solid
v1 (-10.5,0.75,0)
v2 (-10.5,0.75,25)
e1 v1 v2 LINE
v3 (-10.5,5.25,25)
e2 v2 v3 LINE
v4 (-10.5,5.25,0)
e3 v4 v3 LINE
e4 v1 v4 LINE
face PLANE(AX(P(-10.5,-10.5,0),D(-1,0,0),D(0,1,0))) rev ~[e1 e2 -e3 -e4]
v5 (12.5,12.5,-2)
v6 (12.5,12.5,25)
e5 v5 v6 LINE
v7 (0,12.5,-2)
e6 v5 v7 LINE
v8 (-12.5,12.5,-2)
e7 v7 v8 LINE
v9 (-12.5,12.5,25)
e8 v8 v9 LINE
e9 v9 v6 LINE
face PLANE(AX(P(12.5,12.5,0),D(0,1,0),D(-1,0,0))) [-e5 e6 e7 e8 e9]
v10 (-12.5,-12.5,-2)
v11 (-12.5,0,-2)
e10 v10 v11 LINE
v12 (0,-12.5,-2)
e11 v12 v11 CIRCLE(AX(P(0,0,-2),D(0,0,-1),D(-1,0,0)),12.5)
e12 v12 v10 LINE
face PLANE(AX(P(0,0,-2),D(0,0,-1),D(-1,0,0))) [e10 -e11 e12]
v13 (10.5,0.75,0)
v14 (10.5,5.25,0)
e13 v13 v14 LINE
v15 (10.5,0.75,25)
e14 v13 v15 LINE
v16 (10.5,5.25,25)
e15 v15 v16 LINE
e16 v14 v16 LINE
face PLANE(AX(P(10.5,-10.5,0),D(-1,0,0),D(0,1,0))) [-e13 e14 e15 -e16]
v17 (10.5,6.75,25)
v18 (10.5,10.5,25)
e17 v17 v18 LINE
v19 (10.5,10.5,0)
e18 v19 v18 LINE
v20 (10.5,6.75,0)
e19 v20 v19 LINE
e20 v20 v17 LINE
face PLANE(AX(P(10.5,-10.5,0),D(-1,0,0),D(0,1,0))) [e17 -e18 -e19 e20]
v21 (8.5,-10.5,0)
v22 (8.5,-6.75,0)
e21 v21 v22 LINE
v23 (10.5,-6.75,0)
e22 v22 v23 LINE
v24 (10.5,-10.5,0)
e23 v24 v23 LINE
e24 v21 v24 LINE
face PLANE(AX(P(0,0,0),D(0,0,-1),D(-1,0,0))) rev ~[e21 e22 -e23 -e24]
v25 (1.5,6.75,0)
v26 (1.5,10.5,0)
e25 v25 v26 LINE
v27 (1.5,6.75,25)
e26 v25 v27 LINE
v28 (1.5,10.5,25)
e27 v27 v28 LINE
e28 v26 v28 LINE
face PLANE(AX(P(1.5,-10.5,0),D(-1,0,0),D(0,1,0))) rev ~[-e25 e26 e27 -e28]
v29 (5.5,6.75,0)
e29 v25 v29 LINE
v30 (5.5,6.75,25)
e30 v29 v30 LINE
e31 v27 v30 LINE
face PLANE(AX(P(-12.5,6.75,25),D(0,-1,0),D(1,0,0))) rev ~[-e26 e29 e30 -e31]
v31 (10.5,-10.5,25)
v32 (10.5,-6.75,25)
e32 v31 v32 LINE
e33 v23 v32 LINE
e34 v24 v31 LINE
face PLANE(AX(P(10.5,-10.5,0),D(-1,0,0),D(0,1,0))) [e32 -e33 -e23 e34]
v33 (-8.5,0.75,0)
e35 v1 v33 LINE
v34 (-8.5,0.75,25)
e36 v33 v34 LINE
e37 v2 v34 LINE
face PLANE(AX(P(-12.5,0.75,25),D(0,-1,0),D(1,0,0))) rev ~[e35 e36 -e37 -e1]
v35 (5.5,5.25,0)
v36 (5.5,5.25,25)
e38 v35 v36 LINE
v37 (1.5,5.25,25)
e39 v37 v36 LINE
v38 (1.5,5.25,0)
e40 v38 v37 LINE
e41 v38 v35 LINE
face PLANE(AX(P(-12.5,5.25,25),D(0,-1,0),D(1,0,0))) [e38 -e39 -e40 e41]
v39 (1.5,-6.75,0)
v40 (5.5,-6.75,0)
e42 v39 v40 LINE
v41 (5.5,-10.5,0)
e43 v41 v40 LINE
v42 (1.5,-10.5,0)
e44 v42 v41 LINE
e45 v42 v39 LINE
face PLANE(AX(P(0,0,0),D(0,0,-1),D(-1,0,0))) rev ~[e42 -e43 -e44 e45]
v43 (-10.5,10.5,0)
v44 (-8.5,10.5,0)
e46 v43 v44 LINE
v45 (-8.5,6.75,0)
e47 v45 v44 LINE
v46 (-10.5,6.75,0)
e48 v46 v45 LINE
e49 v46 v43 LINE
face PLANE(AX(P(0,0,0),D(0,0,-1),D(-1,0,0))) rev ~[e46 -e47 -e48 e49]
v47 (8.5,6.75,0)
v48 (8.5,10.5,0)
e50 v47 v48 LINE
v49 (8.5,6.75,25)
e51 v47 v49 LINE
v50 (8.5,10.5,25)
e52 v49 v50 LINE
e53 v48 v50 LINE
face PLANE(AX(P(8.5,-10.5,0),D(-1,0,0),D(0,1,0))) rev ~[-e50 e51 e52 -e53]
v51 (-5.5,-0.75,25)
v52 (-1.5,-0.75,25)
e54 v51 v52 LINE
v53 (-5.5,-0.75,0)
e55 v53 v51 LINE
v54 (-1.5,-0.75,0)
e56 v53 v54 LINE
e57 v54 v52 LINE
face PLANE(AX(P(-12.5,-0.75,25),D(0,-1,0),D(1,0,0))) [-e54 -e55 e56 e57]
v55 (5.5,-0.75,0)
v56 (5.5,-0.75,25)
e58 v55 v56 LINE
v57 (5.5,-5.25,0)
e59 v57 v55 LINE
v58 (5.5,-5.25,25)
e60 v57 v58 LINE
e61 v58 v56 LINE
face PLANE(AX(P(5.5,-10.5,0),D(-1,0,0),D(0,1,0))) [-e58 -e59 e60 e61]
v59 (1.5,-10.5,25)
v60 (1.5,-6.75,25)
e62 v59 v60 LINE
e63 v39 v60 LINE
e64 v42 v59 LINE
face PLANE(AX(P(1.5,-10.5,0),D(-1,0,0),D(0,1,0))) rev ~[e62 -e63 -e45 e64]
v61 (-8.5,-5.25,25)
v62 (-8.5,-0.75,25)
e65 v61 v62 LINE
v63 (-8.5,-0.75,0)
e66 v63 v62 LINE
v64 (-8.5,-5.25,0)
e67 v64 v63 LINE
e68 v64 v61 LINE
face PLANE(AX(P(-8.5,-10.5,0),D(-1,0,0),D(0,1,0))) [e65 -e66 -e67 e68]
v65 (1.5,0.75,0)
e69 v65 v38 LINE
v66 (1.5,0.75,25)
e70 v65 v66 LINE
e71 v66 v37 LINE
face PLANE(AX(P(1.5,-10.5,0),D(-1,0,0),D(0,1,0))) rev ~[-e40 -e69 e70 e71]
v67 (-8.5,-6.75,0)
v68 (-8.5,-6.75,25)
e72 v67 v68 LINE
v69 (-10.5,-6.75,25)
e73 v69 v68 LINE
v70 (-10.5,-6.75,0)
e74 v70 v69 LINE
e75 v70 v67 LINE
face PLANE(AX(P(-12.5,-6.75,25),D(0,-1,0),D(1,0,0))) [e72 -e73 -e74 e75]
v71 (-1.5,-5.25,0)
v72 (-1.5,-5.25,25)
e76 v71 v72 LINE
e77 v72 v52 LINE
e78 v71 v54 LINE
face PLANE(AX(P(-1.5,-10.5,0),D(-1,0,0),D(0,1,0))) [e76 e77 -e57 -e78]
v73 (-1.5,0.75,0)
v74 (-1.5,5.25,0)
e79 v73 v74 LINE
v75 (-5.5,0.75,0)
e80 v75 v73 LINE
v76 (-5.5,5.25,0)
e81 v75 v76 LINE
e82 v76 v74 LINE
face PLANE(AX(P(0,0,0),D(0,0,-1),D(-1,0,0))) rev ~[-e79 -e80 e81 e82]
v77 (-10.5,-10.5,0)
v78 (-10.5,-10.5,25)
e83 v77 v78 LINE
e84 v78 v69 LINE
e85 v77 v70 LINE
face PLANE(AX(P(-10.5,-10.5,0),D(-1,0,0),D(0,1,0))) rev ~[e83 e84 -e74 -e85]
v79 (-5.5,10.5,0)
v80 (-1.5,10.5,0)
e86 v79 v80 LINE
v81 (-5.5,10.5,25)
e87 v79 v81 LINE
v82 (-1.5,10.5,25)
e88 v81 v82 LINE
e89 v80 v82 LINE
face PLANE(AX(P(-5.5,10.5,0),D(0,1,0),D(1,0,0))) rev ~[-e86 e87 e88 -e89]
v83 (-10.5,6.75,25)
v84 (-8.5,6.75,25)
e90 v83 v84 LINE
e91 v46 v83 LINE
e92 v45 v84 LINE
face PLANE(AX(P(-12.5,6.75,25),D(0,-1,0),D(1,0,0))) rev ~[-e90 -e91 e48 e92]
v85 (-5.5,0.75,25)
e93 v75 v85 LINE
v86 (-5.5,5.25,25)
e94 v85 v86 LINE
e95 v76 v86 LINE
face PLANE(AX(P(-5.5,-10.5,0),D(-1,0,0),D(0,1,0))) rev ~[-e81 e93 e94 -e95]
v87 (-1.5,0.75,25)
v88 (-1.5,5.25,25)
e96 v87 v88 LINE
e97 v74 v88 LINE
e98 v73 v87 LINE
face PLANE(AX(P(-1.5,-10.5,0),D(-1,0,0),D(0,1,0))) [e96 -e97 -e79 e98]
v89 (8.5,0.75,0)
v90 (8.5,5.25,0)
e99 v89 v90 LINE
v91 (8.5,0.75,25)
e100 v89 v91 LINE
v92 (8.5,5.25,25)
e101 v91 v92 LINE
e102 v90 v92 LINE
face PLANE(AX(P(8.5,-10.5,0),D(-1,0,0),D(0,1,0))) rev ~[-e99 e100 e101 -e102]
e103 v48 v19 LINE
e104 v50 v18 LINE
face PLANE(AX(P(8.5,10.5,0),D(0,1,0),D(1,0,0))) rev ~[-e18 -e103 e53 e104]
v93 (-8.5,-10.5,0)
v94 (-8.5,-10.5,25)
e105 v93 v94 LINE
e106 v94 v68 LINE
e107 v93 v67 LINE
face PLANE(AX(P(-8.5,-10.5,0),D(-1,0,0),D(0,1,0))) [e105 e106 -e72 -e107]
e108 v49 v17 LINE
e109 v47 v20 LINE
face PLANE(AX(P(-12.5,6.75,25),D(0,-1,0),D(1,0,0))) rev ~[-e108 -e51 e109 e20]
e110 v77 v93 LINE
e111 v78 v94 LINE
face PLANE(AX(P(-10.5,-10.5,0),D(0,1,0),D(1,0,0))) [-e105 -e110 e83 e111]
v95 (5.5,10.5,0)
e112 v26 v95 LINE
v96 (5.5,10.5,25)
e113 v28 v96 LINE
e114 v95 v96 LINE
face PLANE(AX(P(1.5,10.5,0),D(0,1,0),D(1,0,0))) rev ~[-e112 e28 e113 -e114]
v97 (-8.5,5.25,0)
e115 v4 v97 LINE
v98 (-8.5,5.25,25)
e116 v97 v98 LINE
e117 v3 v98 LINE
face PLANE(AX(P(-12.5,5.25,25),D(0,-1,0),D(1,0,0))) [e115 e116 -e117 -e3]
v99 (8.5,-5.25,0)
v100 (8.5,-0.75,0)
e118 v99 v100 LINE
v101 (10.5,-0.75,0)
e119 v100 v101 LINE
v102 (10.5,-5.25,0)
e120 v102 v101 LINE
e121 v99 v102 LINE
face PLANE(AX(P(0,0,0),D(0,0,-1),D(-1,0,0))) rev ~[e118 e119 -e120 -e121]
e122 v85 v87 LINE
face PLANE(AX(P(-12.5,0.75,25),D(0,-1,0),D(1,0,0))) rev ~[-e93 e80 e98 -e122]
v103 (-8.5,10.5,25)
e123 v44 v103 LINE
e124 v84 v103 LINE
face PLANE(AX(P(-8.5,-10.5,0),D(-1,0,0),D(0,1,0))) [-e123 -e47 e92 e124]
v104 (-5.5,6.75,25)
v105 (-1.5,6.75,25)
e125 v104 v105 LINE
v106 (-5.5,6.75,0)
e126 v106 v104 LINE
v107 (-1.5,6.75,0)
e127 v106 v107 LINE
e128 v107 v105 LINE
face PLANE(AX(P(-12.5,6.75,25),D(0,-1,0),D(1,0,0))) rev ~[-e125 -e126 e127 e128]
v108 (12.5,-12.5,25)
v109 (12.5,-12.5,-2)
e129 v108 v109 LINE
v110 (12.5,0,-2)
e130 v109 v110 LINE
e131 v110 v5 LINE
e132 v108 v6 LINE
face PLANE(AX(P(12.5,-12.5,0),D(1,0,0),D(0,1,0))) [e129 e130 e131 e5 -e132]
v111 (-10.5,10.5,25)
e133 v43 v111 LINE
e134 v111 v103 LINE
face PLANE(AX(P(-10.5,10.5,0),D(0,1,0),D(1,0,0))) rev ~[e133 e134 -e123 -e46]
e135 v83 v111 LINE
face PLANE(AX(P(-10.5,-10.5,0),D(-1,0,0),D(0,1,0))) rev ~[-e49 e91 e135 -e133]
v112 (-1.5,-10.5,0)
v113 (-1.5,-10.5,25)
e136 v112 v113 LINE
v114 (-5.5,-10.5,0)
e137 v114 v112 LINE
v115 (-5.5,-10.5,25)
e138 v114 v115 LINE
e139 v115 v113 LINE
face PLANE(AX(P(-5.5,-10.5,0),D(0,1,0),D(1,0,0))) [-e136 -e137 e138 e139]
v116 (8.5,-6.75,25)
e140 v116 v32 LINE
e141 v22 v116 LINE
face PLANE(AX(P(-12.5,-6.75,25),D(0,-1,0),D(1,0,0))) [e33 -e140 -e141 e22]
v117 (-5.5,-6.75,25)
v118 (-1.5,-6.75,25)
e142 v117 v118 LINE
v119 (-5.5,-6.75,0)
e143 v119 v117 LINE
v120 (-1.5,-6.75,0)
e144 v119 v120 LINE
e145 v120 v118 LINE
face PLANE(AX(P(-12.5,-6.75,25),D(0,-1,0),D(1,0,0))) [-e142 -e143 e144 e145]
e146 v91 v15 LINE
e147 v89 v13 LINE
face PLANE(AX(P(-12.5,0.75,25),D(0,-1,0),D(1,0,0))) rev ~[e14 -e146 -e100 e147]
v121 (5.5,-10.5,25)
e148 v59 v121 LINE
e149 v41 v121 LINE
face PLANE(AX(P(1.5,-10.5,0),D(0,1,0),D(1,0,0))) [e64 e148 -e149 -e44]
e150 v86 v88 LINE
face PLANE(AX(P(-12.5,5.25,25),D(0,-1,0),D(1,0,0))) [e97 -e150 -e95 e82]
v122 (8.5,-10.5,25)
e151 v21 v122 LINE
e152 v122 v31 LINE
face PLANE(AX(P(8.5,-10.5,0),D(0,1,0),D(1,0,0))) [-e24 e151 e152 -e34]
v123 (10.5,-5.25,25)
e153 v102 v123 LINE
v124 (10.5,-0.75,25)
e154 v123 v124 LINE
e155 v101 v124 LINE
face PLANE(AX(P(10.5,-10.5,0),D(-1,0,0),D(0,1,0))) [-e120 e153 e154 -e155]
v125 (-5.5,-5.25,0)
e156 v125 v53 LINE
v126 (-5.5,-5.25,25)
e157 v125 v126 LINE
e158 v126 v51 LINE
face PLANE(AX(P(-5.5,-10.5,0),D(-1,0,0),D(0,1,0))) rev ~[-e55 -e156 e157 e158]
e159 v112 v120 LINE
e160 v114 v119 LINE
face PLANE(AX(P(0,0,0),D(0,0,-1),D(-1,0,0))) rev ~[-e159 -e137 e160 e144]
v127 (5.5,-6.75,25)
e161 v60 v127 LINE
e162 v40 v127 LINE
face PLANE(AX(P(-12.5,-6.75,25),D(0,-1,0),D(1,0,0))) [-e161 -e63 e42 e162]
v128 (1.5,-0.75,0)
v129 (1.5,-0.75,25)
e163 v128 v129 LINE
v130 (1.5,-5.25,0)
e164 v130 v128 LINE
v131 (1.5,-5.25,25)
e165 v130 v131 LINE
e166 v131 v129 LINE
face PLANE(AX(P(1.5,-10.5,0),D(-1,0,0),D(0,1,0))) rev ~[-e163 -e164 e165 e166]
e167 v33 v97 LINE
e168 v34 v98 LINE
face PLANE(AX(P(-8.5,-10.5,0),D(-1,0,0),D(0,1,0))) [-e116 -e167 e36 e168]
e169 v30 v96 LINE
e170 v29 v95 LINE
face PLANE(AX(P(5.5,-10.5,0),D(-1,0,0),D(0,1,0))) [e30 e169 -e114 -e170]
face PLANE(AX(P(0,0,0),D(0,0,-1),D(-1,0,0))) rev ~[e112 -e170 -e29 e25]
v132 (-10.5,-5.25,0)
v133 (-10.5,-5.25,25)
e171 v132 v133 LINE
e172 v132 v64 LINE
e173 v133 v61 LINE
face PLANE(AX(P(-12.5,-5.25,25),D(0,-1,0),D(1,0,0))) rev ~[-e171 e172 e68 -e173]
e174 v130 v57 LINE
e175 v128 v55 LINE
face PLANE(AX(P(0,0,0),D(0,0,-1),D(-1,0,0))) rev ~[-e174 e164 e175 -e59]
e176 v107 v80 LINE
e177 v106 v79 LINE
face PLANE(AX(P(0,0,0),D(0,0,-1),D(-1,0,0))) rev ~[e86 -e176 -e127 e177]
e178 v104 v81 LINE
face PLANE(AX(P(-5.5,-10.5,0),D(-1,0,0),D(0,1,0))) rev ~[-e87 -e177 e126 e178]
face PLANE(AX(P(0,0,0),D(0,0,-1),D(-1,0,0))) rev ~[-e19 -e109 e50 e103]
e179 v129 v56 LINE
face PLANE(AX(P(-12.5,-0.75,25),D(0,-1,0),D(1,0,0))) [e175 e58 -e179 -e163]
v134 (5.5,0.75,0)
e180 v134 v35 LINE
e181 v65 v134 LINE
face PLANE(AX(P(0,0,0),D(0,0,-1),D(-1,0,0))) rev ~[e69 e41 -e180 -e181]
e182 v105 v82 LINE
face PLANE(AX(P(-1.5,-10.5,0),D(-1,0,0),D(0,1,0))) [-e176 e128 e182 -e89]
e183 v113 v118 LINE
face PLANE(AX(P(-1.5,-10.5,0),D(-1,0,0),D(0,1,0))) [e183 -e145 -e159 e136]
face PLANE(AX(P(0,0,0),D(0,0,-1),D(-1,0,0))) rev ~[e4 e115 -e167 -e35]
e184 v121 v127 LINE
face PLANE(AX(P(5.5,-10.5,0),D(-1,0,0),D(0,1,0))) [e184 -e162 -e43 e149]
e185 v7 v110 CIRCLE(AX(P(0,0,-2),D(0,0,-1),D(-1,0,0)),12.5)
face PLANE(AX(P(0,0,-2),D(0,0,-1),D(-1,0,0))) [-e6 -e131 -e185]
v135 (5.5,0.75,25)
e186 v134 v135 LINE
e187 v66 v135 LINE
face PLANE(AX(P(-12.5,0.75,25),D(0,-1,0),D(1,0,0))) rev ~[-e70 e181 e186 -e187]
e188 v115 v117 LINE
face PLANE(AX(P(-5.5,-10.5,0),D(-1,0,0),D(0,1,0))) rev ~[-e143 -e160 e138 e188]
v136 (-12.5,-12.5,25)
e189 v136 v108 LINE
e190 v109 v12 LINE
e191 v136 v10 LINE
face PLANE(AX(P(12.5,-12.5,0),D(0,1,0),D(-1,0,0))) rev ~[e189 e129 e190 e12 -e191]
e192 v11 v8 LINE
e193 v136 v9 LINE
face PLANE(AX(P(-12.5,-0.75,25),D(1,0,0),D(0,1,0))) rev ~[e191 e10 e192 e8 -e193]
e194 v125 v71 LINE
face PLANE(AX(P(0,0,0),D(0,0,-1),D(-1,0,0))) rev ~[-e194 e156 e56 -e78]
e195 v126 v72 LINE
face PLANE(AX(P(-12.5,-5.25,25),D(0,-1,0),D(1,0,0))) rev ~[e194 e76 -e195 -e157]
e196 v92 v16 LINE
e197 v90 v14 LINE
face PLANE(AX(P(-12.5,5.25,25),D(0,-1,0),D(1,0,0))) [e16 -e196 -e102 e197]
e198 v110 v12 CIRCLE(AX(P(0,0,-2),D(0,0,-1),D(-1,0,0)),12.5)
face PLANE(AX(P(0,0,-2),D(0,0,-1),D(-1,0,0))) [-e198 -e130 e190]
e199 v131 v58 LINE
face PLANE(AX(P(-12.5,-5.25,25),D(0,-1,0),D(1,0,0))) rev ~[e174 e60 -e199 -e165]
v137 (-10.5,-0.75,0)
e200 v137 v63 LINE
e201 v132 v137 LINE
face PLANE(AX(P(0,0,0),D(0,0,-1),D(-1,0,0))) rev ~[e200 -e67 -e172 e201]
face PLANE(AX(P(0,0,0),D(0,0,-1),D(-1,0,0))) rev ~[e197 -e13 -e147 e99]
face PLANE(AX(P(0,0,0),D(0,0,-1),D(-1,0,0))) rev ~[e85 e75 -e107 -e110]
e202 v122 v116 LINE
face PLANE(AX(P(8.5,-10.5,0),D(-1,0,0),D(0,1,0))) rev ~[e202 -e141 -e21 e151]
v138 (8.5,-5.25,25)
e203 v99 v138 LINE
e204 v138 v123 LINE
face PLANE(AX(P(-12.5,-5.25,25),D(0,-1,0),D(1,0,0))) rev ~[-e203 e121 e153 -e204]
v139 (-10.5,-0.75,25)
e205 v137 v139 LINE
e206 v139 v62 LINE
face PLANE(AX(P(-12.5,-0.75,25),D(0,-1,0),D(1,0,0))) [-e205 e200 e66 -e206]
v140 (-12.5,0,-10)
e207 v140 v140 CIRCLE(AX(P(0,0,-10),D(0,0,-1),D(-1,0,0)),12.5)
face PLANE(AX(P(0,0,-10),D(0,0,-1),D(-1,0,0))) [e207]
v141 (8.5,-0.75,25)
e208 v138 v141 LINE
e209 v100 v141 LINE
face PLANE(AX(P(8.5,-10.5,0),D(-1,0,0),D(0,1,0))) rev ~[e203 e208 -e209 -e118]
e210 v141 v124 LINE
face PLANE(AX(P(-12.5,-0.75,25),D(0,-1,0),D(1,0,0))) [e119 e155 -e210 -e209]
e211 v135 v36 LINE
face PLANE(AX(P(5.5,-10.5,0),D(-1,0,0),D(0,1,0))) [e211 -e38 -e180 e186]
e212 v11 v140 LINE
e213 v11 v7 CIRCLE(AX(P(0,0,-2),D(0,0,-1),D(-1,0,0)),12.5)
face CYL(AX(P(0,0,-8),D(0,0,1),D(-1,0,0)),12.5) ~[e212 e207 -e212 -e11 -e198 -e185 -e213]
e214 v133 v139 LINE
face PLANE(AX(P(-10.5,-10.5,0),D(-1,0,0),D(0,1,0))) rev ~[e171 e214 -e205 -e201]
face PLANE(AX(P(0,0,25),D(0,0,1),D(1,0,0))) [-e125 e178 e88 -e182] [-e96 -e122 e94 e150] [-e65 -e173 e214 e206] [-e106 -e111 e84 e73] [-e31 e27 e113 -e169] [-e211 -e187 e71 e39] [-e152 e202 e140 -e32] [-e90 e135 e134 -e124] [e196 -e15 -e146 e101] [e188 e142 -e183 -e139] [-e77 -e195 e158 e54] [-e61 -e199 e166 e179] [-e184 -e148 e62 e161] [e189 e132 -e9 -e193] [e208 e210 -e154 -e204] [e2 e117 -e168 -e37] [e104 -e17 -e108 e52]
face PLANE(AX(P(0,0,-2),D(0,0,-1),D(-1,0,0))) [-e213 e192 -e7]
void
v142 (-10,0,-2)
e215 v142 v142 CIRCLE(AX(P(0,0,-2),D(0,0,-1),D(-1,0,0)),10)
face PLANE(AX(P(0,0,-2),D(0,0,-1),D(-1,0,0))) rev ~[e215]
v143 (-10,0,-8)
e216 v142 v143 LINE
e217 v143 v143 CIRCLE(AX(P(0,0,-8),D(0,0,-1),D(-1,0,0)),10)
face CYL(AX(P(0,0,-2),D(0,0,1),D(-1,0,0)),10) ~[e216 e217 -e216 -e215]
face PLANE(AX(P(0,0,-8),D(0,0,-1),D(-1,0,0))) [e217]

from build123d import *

# Parameters (mm, degrees)
SKETCH_8_W       = 25
SKETCH_8_H       = 25
SKETCH_8_W_2     = 4
SKETCH_8_H_2     = 21
SKETCH_8_W_3     = 2
EXTRUDE_7_DEPTH  = 25
SKETCH_9_W       = 25
SKETCH_9_H       = 25
EXTRUDE_8_DEPTH  = 2
SKETCH_14_W      = 25
SKETCH_14_H      = 1.5
EXTRUDE_11_DEPTH = 25
SKETCH_16_R      = 12.5
SKETCH_16_R_2    = 10
EXTRUDE_14_DEPTH = 6
SKETCH_17_R      = 12.5
EXTRUDE_15_DEPTH = 2


with BuildPart() as part:
    # 草图8 → 凸台-拉伸7 (new body)
    with BuildSketch(Plane.XY):
        Rectangle(SKETCH_8_W, SKETCH_8_H)
        with Locations((3.5, 0)):
            Rectangle(SKETCH_8_W_2, SKETCH_8_H_2, mode=Mode.SUBTRACT)
        with Locations((-3.5, 0)):
            Rectangle(SKETCH_8_W_2, SKETCH_8_H_2, mode=Mode.SUBTRACT)
        with Locations((-9.5, 0)):
            Rectangle(SKETCH_8_W_3, SKETCH_8_H_2, mode=Mode.SUBTRACT)
        with Locations((9.5, 0)):
            Rectangle(SKETCH_8_W_3, SKETCH_8_H_2, mode=Mode.SUBTRACT)
    extrude(amount=EXTRUDE_7_DEPTH)

    # 草图9 → 凸台-拉伸8 (add)
    with BuildSketch(Plane(origin=(0, 0, 0), x_dir=(-1, 0, 0), z_dir=(0, 0, -1))):
        Rectangle(SKETCH_9_W, SKETCH_9_H)
    extrude(amount=EXTRUDE_8_DEPTH)

    # 草图14 → 凸台-拉伸11 (add)
    with BuildSketch(Plane.XY.offset(25)):
        Rectangle(SKETCH_14_W, SKETCH_14_H)
        with Locations((0, 6)):
            Rectangle(SKETCH_14_W, SKETCH_14_H)
        with Locations((0, -6)):
            Rectangle(SKETCH_14_W, SKETCH_14_H)
    extrude(amount=-EXTRUDE_11_DEPTH)

    # 草图16 → 凸台-拉伸14 (add)
    with BuildSketch(Plane(origin=(0, 0, -2), x_dir=(-1, 0, 0), z_dir=(0, 0, -1))):
        Circle(SKETCH_16_R)
        Circle(SKETCH_16_R_2, mode=Mode.SUBTRACT)
    extrude(amount=EXTRUDE_14_DEPTH)

    # 草图17 → 凸台-拉伸15 (add)
    with BuildSketch(Plane(origin=(0, 0, -8), x_dir=(-1, 0, 0), z_dir=(0, 0, -1))):
        Circle(SKETCH_17_R)
    extrude(amount=EXTRUDE_15_DEPTH)


solid = part.part
